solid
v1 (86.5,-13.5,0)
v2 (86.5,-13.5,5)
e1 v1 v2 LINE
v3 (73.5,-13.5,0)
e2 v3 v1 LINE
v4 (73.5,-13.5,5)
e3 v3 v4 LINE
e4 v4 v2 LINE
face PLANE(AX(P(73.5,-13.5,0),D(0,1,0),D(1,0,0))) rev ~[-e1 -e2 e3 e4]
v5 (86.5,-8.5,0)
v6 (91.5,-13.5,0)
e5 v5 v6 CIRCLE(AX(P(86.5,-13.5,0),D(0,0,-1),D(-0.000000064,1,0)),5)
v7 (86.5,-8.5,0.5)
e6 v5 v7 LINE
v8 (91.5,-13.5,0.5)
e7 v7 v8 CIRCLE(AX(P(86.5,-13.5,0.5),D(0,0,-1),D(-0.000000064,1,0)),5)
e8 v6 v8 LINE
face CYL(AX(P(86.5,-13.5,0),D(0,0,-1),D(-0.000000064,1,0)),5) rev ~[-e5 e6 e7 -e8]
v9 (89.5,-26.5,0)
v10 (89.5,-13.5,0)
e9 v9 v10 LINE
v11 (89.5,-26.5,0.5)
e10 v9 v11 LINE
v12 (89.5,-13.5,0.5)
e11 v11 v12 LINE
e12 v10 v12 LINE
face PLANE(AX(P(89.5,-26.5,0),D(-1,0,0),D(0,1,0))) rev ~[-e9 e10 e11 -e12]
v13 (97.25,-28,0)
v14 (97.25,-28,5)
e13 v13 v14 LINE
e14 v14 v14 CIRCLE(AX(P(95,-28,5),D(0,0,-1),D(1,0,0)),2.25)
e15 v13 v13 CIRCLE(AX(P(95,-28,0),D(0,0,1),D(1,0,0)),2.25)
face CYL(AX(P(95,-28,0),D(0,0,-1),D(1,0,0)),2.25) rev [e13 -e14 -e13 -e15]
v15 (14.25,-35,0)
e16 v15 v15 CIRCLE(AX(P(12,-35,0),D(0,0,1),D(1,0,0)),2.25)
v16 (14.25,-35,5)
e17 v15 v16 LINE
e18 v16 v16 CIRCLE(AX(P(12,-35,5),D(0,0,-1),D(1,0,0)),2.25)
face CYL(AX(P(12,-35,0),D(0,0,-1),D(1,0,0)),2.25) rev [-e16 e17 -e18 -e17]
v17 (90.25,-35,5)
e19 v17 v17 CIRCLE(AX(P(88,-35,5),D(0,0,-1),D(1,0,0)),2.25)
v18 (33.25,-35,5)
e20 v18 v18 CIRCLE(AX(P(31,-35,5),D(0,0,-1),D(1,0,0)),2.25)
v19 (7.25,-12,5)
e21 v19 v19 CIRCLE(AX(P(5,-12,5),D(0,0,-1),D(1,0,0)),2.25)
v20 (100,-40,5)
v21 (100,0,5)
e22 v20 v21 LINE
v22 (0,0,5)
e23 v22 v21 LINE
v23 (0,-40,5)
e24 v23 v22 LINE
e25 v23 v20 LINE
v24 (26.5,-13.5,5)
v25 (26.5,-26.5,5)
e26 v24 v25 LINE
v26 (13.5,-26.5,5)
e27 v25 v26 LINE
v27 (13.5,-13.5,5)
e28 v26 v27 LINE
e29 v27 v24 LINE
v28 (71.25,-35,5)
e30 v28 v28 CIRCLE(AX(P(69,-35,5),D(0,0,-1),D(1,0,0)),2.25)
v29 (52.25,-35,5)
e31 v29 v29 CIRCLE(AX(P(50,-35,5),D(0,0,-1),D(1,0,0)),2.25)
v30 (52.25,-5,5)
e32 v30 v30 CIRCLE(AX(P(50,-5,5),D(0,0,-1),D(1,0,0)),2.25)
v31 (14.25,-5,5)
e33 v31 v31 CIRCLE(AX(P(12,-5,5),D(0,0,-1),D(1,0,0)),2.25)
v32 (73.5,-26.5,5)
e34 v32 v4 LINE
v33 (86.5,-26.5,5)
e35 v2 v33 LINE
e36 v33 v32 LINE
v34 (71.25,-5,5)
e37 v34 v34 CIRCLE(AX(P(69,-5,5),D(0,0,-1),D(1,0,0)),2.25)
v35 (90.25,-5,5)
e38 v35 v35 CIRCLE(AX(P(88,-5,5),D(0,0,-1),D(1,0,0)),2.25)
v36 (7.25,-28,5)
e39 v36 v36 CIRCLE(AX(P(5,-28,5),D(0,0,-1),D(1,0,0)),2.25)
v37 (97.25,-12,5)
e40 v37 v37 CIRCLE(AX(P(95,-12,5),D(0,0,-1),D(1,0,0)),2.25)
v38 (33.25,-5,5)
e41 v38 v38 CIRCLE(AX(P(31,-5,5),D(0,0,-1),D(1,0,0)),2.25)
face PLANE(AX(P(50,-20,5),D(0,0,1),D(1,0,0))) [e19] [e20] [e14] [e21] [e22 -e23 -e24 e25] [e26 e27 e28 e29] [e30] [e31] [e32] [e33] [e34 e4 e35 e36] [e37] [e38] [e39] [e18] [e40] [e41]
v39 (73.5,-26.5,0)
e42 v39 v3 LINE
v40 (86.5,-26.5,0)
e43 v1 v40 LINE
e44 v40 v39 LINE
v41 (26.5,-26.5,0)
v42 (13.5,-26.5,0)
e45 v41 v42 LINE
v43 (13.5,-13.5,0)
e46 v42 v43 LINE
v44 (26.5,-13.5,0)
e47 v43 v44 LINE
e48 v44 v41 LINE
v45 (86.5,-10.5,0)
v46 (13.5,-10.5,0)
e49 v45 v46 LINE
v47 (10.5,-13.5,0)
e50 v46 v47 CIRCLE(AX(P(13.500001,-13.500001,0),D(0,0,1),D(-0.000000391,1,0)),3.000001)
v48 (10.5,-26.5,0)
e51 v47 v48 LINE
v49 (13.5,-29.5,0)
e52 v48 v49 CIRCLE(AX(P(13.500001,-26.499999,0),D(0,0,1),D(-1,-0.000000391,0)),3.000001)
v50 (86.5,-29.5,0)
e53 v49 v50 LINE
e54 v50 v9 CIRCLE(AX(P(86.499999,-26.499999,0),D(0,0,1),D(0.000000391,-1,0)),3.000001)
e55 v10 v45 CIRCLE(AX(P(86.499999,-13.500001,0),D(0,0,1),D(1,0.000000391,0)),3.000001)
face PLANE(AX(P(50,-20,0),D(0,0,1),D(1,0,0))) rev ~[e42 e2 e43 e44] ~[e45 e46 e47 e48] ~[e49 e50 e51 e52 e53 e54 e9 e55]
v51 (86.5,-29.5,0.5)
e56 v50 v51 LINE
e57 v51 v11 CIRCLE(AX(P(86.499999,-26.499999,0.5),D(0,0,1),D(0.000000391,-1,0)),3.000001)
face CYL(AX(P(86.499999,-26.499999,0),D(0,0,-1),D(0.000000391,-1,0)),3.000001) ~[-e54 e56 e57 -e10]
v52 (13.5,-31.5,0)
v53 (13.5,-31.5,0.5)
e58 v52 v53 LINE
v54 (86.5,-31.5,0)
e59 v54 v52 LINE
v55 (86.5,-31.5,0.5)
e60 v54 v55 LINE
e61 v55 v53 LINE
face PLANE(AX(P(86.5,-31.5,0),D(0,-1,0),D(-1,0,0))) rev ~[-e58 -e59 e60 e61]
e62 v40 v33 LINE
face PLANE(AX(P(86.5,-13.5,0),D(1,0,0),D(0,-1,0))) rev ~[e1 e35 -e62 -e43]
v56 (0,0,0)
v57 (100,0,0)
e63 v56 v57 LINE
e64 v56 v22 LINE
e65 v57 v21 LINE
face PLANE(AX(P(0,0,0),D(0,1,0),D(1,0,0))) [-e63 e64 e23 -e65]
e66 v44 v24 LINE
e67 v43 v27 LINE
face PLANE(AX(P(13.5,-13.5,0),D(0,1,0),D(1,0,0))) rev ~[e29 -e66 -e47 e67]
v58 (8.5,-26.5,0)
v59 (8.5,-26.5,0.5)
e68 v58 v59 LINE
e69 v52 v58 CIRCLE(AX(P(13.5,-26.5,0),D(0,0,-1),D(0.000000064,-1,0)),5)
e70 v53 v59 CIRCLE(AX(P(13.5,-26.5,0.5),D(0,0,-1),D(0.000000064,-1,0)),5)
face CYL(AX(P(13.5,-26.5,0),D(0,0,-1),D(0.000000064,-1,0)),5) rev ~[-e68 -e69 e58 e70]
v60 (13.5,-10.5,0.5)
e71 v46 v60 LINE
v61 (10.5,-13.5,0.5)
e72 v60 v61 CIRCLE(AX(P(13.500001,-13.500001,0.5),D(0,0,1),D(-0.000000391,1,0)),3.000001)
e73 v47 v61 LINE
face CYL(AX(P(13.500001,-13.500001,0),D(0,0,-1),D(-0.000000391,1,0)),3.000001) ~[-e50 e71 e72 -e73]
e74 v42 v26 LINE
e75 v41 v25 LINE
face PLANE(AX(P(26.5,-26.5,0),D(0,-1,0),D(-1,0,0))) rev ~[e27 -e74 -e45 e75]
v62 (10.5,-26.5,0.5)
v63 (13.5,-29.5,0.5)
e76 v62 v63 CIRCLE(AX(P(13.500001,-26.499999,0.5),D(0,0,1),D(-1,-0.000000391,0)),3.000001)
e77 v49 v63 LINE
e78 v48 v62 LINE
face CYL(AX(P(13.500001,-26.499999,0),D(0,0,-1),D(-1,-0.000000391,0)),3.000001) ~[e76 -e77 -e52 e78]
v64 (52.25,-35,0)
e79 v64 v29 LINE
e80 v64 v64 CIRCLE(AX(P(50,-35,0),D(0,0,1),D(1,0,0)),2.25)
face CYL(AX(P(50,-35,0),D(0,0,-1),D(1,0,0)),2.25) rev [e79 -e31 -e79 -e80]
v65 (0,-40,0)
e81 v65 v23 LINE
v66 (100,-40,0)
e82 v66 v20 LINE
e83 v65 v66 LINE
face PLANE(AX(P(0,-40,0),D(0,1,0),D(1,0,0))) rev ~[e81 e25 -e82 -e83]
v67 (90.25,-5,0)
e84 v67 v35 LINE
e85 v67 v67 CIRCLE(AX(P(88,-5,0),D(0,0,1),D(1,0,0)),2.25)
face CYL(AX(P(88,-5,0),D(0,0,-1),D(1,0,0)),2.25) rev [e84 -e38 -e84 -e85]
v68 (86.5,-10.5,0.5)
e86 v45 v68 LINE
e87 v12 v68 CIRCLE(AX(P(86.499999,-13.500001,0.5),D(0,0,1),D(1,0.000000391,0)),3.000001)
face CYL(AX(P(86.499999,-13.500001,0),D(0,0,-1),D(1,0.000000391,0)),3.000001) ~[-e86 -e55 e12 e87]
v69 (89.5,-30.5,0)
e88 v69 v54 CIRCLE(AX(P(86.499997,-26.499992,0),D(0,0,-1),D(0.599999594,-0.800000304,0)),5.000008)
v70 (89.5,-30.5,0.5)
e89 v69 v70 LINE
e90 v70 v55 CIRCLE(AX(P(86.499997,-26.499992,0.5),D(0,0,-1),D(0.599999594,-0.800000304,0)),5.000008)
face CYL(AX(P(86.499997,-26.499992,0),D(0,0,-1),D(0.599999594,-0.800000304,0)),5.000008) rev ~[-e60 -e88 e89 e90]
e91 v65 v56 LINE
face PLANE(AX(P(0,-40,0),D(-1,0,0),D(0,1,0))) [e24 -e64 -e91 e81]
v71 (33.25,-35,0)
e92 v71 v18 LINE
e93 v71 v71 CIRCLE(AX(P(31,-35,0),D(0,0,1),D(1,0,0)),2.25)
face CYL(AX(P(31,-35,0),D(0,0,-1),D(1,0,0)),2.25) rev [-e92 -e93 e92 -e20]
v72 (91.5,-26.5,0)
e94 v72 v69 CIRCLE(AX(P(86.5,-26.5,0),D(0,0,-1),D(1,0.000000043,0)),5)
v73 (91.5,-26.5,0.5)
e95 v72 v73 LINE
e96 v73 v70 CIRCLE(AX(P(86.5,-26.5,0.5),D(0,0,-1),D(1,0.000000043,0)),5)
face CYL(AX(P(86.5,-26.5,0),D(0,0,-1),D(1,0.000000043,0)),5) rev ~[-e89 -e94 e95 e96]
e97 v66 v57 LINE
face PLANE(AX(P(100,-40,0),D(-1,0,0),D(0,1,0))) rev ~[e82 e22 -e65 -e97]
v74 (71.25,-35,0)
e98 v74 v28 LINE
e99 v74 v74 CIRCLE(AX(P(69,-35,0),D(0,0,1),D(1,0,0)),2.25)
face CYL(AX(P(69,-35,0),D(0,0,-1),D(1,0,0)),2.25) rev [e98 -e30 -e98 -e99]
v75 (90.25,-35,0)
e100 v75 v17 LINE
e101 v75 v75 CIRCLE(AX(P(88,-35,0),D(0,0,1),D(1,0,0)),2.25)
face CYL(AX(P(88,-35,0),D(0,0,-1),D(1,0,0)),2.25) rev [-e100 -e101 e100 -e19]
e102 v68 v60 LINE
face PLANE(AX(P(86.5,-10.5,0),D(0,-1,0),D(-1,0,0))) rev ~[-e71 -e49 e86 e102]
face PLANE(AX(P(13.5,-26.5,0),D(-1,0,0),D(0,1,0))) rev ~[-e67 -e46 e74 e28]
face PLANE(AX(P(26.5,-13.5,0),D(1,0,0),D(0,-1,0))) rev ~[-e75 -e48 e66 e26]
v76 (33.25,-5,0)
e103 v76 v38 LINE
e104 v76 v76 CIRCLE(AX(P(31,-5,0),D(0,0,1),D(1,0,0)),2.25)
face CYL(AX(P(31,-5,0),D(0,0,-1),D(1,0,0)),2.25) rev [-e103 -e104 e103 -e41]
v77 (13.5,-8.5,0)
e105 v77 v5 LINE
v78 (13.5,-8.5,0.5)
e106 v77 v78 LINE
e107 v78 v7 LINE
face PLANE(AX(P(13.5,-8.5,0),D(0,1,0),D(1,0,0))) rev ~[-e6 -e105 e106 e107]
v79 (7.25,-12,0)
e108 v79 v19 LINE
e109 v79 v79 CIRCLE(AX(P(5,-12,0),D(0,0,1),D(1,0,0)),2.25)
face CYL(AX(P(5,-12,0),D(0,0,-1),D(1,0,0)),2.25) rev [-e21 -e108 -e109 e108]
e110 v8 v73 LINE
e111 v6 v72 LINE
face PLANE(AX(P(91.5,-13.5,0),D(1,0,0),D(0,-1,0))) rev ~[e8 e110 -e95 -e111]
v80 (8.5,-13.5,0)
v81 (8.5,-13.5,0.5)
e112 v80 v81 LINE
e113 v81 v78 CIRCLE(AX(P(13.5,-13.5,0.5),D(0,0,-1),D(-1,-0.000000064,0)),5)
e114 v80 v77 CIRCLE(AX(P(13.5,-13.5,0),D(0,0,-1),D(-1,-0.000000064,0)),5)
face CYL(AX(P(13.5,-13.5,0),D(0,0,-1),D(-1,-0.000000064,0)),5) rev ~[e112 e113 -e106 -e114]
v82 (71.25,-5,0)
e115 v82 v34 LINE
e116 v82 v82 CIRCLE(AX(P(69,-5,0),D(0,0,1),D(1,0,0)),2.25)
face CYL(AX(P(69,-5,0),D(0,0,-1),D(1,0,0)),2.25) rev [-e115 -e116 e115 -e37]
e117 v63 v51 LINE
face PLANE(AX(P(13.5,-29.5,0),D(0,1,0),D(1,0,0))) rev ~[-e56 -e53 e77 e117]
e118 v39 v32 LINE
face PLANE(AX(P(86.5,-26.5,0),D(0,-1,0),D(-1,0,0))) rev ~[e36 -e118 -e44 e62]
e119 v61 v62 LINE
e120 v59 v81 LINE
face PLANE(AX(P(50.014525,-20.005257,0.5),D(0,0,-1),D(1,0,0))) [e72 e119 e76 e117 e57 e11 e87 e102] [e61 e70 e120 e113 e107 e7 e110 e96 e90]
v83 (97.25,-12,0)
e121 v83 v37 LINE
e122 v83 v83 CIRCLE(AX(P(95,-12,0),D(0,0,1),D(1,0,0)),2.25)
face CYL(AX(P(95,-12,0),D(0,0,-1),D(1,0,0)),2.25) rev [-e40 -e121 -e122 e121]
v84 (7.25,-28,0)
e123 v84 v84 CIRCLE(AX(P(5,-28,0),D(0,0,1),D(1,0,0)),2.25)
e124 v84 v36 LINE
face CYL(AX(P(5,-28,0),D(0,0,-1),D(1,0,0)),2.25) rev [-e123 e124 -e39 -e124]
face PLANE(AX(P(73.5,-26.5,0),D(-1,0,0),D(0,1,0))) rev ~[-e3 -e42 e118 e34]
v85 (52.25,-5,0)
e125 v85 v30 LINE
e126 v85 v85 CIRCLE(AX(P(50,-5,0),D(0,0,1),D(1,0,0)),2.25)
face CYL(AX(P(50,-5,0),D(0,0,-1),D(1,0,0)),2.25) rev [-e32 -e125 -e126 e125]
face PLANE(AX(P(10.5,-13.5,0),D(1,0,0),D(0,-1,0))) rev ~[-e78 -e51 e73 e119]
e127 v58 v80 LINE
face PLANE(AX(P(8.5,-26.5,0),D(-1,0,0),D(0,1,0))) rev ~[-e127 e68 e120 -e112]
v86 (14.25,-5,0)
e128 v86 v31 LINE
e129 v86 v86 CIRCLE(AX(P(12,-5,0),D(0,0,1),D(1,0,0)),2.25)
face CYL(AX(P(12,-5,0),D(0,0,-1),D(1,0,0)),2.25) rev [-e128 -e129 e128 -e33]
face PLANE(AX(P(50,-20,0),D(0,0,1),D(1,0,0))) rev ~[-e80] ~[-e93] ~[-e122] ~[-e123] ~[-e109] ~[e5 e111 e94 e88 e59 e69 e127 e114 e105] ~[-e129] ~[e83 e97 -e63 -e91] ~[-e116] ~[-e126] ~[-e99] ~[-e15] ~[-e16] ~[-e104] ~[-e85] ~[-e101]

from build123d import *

# Parameters (mm, degrees)
F0_W     = 100
F0_H     = 40
F1_DEPTH = 5
F2_R     = 2.25
F3_DEPTH = 18.9
F5_DEPTH = 0.5
F7_DEPTH = 5


with BuildPart() as f1:
    # F0 (on Top) → F1 (new body)
    with BuildSketch(Plane.XY):
        with Locations((50, -20)):
            Rectangle(F0_W, F0_H)
    extrude(amount=F1_DEPTH)

    # F2 (on Top) → F3 (cut)
    with BuildSketch(Plane.XY):
        with Locations((12, -35)):
            Circle(F2_R)
        with Locations((31, -35)):
            Circle(F2_R)
        with Locations((50, -35)):
            Circle(F2_R)
        with Locations((69, -35)):
            Circle(F2_R)
        with Locations((88, -35)):
            Circle(F2_R)
        with Locations((95, -28)):
            Circle(F2_R)
        with Locations((95, -12)):
            Circle(F2_R)
        with Locations((88, -5)):
            Circle(F2_R)
        with Locations((69, -5)):
            Circle(F2_R)
        with Locations((50, -5)):
            Circle(F2_R)
        with Locations((31, -5)):
            Circle(F2_R)
        with Locations((12, -5)):
            Circle(F2_R)
        with Locations((5, -12)):
            Circle(F2_R)
        with Locations((5, -28)):
            Circle(F2_R)
    extrude(amount=F3_DEPTH, mode=Mode.SUBTRACT)

    # F4 (on face) → F5 (cut)
    with BuildSketch(Plane(origin=(0, 0, 0), x_dir=(1, 0, 0), z_dir=(0, 0, -1))):
        with BuildLine():
            ThreePointArc((91.5, 26.5), (90.972136, 28.736068), (89.5, 30.5))
            ThreePointArc((89.5, 30.5), (88.081139, 31.243416), (86.5, 31.5))
            Line((86.5, 31.5), (13.5, 31.5))
            ThreePointArc((13.5, 31.5), (9.964466, 30.035534), (8.5, 26.5))
            Line((8.5, 26.5), (8.5, 13.5))
            ThreePointArc((8.5, 13.5), (9.964466, 9.964466), (13.5, 8.5))
            Line((13.5, 8.5), (86.5, 8.5))
            ThreePointArc((86.5, 8.5), (90.035534, 9.964466), (91.5, 13.5))
            Line((91.5, 13.5), (91.5, 26.5))
        make_face()
        with BuildLine():
            ThreePointArc((10.5, 26.5), (11.37868, 28.62132), (13.5, 29.5))
            Line((13.5, 29.5), (86.5, 29.5))
            ThreePointArc((86.5, 29.5), (88.62132, 28.62132), (89.5, 26.5))
            Line((89.5, 26.5), (89.5, 13.5))
            ThreePointArc((89.5, 13.5), (88.62132, 11.37868), (86.5, 10.5))
            Line((86.5, 10.5), (13.5, 10.5))
            ThreePointArc((13.5, 10.5), (11.37868, 11.37868), (10.5, 13.5))
            Line((10.5, 13.5), (10.5, 26.5))
        make_face(mode=Mode.SUBTRACT)
    extrude(amount=-F5_DEPTH, mode=Mode.SUBTRACT)

    # F6 (on face) → F7 (cut)
    with BuildSketch(Plane(origin=(0, 0, 0), x_dir=(1, 0, 0), z_dir=(0, 0, -1))):
        Polygon((85, 13.5), (86.5, 13.5), (86.5, 26.5), (73.5, 26.5), (73.5, 13.5), (84, 13.5), align=None)
        Polygon((26.5, 13.5), (26.5, 26.5), (13.5, 26.5), (13.5, 13.5), (16, 13.5), align=None)
    extrude(amount=-F7_DEPTH, mode=Mode.SUBTRACT)


solid = f1.part
